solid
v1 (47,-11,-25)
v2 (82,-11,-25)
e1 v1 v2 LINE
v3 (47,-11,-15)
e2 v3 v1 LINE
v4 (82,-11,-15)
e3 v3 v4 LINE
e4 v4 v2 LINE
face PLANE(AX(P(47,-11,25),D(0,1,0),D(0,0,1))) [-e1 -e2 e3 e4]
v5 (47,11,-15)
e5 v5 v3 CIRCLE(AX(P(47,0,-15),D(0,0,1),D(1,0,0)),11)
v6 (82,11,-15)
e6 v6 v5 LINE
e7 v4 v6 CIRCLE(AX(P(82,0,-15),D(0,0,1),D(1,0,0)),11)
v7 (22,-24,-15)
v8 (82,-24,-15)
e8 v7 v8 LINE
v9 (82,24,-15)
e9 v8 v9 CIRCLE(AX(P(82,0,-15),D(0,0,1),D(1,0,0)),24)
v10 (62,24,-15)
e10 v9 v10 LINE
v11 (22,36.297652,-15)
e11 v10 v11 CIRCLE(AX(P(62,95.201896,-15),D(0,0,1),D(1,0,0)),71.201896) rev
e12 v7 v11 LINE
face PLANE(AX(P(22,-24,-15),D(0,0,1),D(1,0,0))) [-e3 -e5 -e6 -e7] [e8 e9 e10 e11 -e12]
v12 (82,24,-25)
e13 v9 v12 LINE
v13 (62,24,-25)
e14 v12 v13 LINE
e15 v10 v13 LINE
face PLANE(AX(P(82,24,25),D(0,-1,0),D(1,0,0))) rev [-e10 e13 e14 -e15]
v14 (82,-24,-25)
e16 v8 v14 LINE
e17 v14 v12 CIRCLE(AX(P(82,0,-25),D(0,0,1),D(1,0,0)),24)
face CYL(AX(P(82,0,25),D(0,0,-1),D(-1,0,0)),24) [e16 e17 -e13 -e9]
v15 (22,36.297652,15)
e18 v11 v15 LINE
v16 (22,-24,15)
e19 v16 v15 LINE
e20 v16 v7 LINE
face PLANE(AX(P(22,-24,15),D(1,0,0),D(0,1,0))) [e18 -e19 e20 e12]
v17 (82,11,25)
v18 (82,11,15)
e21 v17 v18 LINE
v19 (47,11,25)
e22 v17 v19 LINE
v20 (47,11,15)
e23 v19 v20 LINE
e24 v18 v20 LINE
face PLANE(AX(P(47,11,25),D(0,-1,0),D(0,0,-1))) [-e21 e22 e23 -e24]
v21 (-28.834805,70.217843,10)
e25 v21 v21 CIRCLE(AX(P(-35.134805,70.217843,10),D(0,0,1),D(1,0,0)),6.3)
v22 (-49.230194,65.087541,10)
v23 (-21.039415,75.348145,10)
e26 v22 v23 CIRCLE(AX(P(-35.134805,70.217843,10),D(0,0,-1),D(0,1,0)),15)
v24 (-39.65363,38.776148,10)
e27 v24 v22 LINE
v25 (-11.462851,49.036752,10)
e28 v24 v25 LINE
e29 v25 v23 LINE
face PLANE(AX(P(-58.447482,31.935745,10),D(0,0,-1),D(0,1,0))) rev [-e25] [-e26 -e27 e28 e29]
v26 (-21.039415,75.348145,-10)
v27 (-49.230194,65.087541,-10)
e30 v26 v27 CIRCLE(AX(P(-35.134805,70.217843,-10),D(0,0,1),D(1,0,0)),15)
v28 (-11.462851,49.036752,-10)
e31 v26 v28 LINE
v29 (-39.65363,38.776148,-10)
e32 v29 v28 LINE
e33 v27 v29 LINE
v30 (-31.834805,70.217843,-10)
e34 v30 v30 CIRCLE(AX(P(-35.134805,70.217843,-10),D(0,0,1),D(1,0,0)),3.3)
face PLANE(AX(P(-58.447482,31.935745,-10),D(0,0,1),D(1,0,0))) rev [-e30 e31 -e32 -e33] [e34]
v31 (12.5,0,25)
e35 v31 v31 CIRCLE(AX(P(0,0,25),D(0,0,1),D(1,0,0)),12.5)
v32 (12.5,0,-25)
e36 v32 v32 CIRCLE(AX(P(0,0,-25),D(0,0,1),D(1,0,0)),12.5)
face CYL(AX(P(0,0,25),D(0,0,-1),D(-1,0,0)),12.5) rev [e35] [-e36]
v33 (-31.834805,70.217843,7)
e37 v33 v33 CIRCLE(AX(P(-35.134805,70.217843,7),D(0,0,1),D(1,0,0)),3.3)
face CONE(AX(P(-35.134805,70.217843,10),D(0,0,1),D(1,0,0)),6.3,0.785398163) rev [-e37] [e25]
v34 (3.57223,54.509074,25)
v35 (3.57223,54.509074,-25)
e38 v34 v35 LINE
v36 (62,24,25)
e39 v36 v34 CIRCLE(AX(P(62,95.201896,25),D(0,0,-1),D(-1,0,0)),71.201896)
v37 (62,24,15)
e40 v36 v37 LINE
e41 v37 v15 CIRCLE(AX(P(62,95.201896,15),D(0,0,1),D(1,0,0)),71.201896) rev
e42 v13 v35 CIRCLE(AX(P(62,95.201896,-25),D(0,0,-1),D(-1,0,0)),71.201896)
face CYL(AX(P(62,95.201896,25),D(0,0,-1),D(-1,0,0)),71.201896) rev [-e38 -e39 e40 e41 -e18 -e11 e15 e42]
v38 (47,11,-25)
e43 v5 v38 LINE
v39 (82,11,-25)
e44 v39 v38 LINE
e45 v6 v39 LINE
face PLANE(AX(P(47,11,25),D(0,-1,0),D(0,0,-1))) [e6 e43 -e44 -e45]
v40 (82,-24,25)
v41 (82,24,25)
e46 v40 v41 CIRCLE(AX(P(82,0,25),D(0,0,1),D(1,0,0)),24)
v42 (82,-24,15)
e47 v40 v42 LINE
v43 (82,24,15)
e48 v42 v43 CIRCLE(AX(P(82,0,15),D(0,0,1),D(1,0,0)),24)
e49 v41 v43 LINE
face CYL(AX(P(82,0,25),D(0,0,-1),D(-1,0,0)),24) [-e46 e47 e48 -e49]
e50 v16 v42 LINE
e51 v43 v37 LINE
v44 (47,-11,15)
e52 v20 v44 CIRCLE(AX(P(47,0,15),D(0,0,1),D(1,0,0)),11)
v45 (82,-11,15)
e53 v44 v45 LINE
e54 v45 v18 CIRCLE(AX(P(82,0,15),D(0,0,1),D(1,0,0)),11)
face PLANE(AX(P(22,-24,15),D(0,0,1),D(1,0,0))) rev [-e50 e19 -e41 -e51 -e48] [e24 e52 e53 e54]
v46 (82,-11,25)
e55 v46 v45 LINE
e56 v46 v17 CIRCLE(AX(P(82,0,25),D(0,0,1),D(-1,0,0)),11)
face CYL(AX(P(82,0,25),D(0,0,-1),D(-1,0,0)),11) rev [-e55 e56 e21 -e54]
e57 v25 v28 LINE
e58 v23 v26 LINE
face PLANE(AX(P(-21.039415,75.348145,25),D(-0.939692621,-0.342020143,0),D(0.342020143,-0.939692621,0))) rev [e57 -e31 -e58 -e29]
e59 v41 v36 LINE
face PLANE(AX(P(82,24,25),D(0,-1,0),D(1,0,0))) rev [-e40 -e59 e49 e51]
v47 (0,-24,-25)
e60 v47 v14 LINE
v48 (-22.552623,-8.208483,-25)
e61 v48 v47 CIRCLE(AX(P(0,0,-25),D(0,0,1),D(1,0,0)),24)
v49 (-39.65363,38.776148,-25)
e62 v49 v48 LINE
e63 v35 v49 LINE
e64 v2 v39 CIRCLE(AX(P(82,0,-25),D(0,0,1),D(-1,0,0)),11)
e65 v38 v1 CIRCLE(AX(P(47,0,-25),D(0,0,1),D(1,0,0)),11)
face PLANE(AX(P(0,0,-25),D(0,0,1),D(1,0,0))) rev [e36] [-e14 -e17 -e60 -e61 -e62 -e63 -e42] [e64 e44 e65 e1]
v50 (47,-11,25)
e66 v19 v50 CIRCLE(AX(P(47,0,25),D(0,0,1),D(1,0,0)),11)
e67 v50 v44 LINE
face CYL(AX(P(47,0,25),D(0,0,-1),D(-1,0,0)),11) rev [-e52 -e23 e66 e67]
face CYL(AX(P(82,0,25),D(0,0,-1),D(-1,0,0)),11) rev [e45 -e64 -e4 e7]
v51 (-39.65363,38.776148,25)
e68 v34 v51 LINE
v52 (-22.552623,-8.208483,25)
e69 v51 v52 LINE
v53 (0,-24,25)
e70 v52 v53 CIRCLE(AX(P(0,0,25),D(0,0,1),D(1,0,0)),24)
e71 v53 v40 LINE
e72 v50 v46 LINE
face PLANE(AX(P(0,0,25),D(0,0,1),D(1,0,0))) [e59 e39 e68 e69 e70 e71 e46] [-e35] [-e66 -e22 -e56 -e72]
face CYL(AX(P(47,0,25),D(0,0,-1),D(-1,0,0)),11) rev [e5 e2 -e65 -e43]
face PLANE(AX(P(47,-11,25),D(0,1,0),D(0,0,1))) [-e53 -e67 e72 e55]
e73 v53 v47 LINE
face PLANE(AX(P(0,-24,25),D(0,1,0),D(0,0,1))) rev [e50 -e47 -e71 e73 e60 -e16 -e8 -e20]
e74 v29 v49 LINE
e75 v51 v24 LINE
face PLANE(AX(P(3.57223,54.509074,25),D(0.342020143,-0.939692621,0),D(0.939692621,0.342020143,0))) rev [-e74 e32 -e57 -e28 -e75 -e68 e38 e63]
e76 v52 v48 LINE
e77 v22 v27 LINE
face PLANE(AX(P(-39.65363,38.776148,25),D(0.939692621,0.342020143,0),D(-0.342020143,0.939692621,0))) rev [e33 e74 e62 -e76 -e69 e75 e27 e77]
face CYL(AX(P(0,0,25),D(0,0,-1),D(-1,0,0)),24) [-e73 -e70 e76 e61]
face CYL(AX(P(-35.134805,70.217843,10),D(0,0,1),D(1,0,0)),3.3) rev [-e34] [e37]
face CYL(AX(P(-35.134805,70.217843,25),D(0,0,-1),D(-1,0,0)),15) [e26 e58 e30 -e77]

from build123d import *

# Parameters (mm, degrees)
SKETCH1_R                                       = 12.5
SKETCH1_R_2                                     = 3
BOSS_EXTRUDE1_DEPTH                             = 25
SKETCH2_W                                       = 15
SKETCH2_H                                       = 43
CUT_EXTRUDE1_DEPTH                              = 50
CUT_EXTRUDE2_DEPTH                              = 125.934480099
CUT_EXTRUDE2_DEPTH_BACK                         = 125.934480099
SKETCH4_W                                       = 100
SKETCH4_H                                       = 30
CSK_FOR_M6_FLAT_HEAD_MACHINE_SCREW1_D           = 6.6
CSK_FOR_M6_FLAT_HEAD_MACHINE_SCREW1_CSINK_D     = 12.6
CSK_FOR_M6_FLAT_HEAD_MACHINE_SCREW1_CSINK_ANGLE = 90


with BuildPart() as part:
    # Sketch1 → Boss-Extrude1 (new, symmetric)
    with BuildSketch(Plane.XY):
        with BuildLine():
            Line((0, -24), (82, -24))
            ThreePointArc((82, -24), (106, 0), (82, 24))
            Line((82, 24), (62, 24))
            ThreePointArc((62, 24), (29.043180304, 32.086461832), (3.572230491, 54.509074192))
            Line((3.572230491, 54.509074192), (-11.462851442, 49.036751899))
            Line((-11.462851442, 49.036751899), (-21.039415455, 75.348145281))
            ThreePointArc((-21.039415455, 75.348145281), (-40.265106916, 84.313232443), (-49.230194078, 65.087540981))
            Line((-49.230194078, 65.087540981), (-39.653630065, 38.776147599))
            Line((-39.653630065, 38.776147599), (-22.552622899, -8.20848344))
            ThreePointArc((-22.552622899, -8.20848344), (-13.765834472, -19.659649063), (0, -24))
        make_face()
        Circle(SKETCH1_R, mode=Mode.SUBTRACT)
        with Locations((-35.134804766, 70.217843131)):
            Circle(SKETCH1_R_2, mode=Mode.SUBTRACT)
        with BuildLine():
            Line((47, 11), (82, 11))
            ThreePointArc((82, 11), (93, 0), (82, -11))
            Line((82, -11), (47, -11))
            ThreePointArc((47, -11), (36, 0), (47, 11))
        make_face(mode=Mode.SUBTRACT)
    extrude(amount=BOSS_EXTRUDE1_DEPTH, both=True)

    # Sketch2 → Cut-Extrude1 (cut)
    with BuildSketch(Plane(origin=(5.638155725, 2.05212086, 0), x_dir=(0, 0, -1), z_dir=(0.9396926207859104, 0.3420201433256632, 0))):
        with Locations((-17.5, 71.5)):
            Rectangle(SKETCH2_W, SKETCH2_H)
        with Locations((17.5, 71.5)):
            Rectangle(SKETCH2_W, SKETCH2_H)
    extrude(amount=-CUT_EXTRUDE1_DEPTH, mode=Mode.SUBTRACT)

    # Sketch4 → Cut-Extrude2 (cut, two sides: drawn at the far end of the back side and taken through both)
    with BuildSketch(Plane(origin=(0, 24, 0), x_dir=(1, 0, 0), z_dir=(0, 1, 0)).offset(-CUT_EXTRUDE2_DEPTH_BACK)):
        with Locations((72, 0)):
            Rectangle(SKETCH4_W, SKETCH4_H)
    extrude(amount=CUT_EXTRUDE2_DEPTH + CUT_EXTRUDE2_DEPTH_BACK, mode=Mode.SUBTRACT)

    # CSK for M6 Flat Head Machine Screw1 (through all)
    with Locations(Plane.XY.offset(10)):
        with Locations((-35.134804766, 70.217843131)):
            CounterSinkHole(CSK_FOR_M6_FLAT_HEAD_MACHINE_SCREW1_D / 2, CSK_FOR_M6_FLAT_HEAD_MACHINE_SCREW1_CSINK_D / 2, counter_sink_angle=CSK_FOR_M6_FLAT_HEAD_MACHINE_SCREW1_CSINK_ANGLE)


solid = part.part
